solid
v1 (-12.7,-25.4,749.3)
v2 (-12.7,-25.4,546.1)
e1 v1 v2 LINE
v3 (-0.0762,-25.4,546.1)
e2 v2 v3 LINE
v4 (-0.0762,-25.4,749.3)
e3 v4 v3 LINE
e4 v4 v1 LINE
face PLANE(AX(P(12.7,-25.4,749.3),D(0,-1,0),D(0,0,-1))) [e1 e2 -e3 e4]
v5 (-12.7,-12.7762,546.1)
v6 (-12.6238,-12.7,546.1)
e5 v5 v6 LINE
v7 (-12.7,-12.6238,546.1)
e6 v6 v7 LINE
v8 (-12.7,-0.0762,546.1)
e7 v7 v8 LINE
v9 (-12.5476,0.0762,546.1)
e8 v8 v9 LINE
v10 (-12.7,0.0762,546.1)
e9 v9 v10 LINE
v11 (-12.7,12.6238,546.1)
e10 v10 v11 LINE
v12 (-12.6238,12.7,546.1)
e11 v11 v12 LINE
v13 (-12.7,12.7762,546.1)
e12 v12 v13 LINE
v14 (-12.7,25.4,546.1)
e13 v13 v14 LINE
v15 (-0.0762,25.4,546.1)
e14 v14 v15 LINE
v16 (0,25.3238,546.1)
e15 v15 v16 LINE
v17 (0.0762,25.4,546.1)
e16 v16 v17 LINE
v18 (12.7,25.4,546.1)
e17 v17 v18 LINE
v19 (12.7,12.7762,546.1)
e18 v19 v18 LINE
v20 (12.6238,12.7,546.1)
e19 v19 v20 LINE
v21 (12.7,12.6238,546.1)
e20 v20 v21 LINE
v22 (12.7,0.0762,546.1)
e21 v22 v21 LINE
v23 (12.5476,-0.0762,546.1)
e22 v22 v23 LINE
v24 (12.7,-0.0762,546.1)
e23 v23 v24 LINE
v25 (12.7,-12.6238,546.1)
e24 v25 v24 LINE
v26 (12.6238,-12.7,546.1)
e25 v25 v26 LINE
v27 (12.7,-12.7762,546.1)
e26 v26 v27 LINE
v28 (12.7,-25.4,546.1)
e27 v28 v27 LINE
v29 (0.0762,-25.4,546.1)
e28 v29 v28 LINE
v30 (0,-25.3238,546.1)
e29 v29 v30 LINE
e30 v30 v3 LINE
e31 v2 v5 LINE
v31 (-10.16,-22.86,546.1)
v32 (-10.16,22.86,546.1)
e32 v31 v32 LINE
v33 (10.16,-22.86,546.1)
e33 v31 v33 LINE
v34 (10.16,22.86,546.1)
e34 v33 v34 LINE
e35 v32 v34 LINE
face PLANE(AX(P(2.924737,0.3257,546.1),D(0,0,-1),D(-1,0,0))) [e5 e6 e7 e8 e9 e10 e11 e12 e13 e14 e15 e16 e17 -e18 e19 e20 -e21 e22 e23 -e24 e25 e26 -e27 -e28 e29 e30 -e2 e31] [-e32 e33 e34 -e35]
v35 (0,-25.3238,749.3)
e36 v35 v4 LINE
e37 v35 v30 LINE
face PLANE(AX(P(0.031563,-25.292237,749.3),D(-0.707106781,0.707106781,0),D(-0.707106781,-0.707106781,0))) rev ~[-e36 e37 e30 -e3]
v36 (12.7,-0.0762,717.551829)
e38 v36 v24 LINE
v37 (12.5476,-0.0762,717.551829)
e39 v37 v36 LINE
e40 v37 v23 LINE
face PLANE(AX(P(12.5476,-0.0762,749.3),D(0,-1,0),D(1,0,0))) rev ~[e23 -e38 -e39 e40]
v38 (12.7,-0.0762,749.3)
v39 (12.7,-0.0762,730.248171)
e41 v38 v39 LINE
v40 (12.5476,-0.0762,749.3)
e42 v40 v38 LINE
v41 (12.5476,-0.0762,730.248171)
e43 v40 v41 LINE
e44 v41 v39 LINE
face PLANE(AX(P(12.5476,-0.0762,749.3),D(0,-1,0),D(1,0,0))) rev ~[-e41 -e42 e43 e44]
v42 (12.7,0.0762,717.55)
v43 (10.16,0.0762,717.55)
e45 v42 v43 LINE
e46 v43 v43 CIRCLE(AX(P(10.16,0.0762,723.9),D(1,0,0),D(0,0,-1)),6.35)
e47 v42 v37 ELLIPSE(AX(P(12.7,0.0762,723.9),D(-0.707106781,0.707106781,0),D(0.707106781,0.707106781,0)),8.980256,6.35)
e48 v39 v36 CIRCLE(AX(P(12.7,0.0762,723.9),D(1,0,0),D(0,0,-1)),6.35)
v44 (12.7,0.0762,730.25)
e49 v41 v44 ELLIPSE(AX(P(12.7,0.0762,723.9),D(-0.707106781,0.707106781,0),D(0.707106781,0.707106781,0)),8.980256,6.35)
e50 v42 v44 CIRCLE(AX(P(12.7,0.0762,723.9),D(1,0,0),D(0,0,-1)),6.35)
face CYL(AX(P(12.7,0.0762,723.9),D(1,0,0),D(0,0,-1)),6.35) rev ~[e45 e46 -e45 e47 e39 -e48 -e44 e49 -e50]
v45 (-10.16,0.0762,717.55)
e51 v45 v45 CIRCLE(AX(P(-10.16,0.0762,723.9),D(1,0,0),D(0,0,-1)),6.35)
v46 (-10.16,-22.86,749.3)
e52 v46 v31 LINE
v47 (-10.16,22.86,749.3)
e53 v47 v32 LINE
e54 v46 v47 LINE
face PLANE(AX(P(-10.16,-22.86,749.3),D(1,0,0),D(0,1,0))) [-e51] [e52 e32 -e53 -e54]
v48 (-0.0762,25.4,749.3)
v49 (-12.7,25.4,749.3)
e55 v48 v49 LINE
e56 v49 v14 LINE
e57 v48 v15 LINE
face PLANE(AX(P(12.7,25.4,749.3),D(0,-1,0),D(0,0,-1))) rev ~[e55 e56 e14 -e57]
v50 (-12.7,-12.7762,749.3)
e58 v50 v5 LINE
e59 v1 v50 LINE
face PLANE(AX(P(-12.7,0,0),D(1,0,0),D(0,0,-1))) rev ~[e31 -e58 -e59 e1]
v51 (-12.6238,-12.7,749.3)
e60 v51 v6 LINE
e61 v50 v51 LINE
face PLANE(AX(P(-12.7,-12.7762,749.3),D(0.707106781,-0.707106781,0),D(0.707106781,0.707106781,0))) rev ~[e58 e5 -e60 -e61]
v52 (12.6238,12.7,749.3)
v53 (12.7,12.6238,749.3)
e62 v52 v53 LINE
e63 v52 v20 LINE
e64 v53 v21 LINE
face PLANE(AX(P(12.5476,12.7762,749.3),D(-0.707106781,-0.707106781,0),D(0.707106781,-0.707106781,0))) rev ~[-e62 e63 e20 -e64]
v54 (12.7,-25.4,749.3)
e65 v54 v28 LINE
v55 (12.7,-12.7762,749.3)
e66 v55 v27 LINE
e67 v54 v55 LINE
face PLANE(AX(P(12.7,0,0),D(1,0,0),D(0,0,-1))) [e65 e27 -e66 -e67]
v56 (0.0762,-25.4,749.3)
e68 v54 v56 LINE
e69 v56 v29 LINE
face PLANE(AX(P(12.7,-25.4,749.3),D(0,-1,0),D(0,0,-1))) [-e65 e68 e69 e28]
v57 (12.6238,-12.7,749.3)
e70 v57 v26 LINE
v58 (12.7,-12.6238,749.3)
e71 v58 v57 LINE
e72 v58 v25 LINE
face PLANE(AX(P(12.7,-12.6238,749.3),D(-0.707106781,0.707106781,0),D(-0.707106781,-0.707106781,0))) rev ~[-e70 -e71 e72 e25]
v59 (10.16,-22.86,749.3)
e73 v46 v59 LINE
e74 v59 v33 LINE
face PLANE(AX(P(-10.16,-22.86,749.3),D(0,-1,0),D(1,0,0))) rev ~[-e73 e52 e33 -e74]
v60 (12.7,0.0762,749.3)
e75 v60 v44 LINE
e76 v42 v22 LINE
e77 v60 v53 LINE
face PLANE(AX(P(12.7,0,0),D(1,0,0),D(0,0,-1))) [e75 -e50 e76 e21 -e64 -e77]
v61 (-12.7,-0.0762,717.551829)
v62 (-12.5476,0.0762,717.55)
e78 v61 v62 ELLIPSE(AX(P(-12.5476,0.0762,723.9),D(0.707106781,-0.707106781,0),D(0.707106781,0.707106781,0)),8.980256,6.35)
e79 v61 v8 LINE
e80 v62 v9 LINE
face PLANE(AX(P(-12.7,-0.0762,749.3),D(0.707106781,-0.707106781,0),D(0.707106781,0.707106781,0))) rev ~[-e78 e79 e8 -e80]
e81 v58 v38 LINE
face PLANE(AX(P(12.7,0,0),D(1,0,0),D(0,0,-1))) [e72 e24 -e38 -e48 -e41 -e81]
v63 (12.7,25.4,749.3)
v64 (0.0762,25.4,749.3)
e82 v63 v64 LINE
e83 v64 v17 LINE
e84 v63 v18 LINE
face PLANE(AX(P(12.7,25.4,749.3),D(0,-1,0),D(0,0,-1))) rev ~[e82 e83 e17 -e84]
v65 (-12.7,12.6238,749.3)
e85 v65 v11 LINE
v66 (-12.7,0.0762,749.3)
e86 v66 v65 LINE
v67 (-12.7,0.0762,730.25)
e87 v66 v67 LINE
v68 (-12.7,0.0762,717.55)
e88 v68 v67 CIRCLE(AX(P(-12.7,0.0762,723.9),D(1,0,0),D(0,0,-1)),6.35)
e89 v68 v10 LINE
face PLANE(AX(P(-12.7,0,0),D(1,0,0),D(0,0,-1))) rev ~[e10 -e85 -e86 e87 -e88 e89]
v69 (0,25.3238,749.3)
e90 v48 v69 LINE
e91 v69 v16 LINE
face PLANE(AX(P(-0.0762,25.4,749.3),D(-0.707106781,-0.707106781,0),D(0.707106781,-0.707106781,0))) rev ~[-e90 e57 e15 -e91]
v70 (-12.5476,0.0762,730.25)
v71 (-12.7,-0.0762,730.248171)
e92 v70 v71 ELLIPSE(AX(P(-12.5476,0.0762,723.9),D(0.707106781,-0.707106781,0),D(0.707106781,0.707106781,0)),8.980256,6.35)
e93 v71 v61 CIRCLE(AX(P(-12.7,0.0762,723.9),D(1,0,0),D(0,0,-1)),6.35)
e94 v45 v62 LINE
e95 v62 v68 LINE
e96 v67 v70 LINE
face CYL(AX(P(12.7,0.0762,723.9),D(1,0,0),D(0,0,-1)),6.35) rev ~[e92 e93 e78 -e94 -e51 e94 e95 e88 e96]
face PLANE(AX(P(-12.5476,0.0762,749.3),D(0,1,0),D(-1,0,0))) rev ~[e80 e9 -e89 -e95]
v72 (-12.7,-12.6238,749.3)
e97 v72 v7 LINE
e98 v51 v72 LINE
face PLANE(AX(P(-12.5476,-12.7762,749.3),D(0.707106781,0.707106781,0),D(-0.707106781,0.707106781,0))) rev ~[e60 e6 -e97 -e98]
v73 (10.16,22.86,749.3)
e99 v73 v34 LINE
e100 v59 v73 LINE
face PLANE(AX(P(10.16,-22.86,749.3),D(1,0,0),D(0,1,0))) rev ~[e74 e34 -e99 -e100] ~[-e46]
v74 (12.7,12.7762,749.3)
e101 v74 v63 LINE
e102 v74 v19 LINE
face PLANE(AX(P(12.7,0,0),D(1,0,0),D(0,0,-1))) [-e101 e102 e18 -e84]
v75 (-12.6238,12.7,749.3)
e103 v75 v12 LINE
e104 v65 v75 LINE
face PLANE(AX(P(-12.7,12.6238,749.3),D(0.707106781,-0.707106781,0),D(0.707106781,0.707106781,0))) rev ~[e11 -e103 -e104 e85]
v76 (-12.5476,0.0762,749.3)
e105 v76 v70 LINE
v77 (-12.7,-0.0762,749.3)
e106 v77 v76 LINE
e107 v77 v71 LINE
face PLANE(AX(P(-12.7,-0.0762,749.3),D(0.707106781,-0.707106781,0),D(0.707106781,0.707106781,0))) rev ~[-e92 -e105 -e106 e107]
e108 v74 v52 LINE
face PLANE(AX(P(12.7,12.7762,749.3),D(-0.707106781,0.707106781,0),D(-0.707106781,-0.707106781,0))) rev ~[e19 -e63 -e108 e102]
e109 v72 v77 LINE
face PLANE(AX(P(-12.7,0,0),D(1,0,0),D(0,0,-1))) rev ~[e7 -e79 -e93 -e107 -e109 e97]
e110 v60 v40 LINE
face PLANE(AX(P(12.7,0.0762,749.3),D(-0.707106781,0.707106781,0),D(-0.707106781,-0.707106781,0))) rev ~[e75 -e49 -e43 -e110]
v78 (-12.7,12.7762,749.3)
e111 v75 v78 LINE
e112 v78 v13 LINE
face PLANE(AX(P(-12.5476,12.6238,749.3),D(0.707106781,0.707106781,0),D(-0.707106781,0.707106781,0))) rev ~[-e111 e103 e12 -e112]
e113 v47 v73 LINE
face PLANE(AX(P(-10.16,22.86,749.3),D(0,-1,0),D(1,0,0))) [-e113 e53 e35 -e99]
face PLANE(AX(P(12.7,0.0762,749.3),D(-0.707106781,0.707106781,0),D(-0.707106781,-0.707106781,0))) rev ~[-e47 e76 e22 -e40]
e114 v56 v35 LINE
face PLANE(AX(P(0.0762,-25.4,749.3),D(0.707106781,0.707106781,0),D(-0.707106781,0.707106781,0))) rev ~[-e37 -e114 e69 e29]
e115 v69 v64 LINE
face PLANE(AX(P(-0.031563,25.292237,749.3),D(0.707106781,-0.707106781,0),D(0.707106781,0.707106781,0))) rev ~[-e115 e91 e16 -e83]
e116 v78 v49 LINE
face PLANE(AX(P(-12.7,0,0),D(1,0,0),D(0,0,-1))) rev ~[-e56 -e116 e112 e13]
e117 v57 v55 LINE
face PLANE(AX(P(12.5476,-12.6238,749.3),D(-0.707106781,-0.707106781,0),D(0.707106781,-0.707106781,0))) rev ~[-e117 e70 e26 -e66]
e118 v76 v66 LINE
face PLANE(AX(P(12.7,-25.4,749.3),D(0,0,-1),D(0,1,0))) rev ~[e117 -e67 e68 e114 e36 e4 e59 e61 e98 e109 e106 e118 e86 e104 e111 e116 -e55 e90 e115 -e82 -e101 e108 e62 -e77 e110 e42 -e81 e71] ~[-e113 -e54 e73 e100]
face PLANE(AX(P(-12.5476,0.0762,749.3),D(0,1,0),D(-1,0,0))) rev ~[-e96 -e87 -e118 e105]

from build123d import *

# Parameters (mm, degrees)
SKETCH1_W           = 1498.6
SKETCH1_H           = 50.8
BOSS_EXTRUDE1_DEPTH = 25.4
CUT_EXTRUDE1_DEPTH  = 1498.6
CUT_EXTRUDE2_DEPTH  = 1499.869043646
CUT_EXTRUDE3_DEPTH  = 1498.6
CUT_EXTRUDE4_DEPTH  = 1498.6
CUT_EXTRUDE5_DEPTH  = 1499.869043646
CUT_EXTRUDE6_DEPTH  = 1499.869043646
CUT_EXTRUDE7_DEPTH  = 1498.6
CUT_EXTRUDE8_DEPTH  = 1498.6
SKETCH10_W          = 20.32
SKETCH10_H          = 45.72
CUT_EXTRUDE9_DEPTH  = 1499.869043646
DRAFT1_ANGLE        = 45
DRAFT2_ANGLE        = 45.000000005
DRAFT3_ANGLE        = 45
DRAFT4_ANGLE        = 45
DRAFT5_ANGLE        = 45
DRAFT6_ANGLE        = 44.999999995
SKETCH11_W          = 61.962293059
SKETCH11_H          = 88.678950317
CUT_EXTRUDE10_DEPTH = 1295.4
SKETCH13_R          = 6.35
CUT_EXTRUDE11_DEPTH = 25.4


with BuildPart() as part:
    # Sketch1 → Boss-Extrude1 (new body)
    with BuildSketch(Plane(origin=(12.7, 0, 0), x_dir=(0, 0, -1), z_dir=(1, 0, 0))):
        Rectangle(SKETCH1_W, SKETCH1_H)
    extrude(amount=-BOSS_EXTRUDE1_DEPTH)

    # Sketch2 → Cut-Extrude1 (cut)
    with BuildSketch(Plane.XY.offset(749.3)):
        Polygon((0.0762, 25.4), (-0.0762, 25.4), (0.0762, 25.2476), align=None)
    extrude(amount=-CUT_EXTRUDE1_DEPTH, mode=Mode.SUBTRACT)

    # Sketch3 → Cut-Extrude2 (cut, through all)
    with BuildSketch(Plane.XY.offset(749.3)):
        Polygon((12.7, 12.6238), (12.7, 12.7762), (12.5476, 12.7762), align=None)
    extrude(amount=-CUT_EXTRUDE2_DEPTH, mode=Mode.SUBTRACT)

    # Sketch4 → Cut-Extrude3 (cut)
    with BuildSketch(Plane.XY.offset(749.3)):
        Polygon((12.7, -0.0762), (12.7, 0.0762), (12.5476, -0.0762), align=None)
    extrude(amount=-CUT_EXTRUDE3_DEPTH, mode=Mode.SUBTRACT)

    # Sketch5 → Cut-Extrude4 (cut)
    with BuildSketch(Plane.XY.offset(749.3)):
        Polygon((12.7, -12.7762), (12.7, -12.6238), (12.5476, -12.6238), align=None)
    extrude(amount=-CUT_EXTRUDE4_DEPTH, mode=Mode.SUBTRACT)

    # Sketch6 → Cut-Extrude5 (cut, through all)
    with BuildSketch(Plane.XY.offset(749.3)):
        Polygon((0.0762, -25.4), (-0.0762, -25.2476), (-0.0762, -25.4), align=None)
    extrude(amount=-CUT_EXTRUDE5_DEPTH, mode=Mode.SUBTRACT)

    # Sketch7 → Cut-Extrude6 (cut, through all)
    with BuildSketch(Plane.XY.offset(749.3)):
        Polygon((-12.7, -12.6238), (-12.7, -12.7762), (-12.5476, -12.7762), align=None)
    extrude(amount=-CUT_EXTRUDE6_DEPTH, mode=Mode.SUBTRACT)

    # Sketch8 → Cut-Extrude7 (cut)
    with BuildSketch(Plane.XY.offset(749.3)):
        Polygon((-12.7, 0.0762), (-12.7, -0.0762), (-12.5476, 0.0762), align=None)
    extrude(amount=-CUT_EXTRUDE7_DEPTH, mode=Mode.SUBTRACT)

    # Sketch9 → Cut-Extrude8 (cut)
    with BuildSketch(Plane.XY.offset(749.3)):
        Polygon((-12.7, 12.7762), (-12.7, 12.6238), (-12.5476, 12.6238), align=None)
    extrude(amount=-CUT_EXTRUDE8_DEPTH, mode=Mode.SUBTRACT)

    # Sketch10 → Cut-Extrude9 (cut, through all)
    with BuildSketch(Plane.XY.offset(749.3)):
        Rectangle(SKETCH10_W, SKETCH10_H)
    extrude(amount=-CUT_EXTRUDE9_DEPTH, mode=Mode.SUBTRACT)

    # Draft1
    draft1_faces = [part.faces().sort_by_distance(p)[0] for p in [
        (0.0762, 25.3238, 0),
    ]]
    draft(draft1_faces, Plane(origin=(-12.7, 25.4, -749.3), x_dir=(0, 0, 1), z_dir=(0, 1, 0)), DRAFT1_ANGLE)

    # Draft2
    draft2_faces = [part.faces().sort_by_distance(p)[0] for p in [
        (12.6238, 12.7762, 0),
    ]]
    draft(draft2_faces, Plane(origin=(12.7, 0, 0), x_dir=(0, 0, 1), z_dir=(1, 0, 0)), DRAFT2_ANGLE)

    # Draft3
    draft3_faces = [part.faces().sort_by_distance(p)[0] for p in [
        (-0.0762, -25.3238, 0),
    ]]
    draft(draft3_faces, Plane(origin=(-12.7, -25.4, 749.3), x_dir=(0, 0, -1), z_dir=(0, -1, 0)), DRAFT3_ANGLE)

    # Draft4
    draft4_faces = [part.faces().sort_by_distance(p)[0] for p in [
        (-12.6238, -12.7762, 0),
    ]]
    draft(draft4_faces, Plane(origin=(-12.7, 0, 0), x_dir=(0, 0, -1), z_dir=(-1, 0, 0)), DRAFT4_ANGLE)

    # Draft5
    draft5_faces = [part.faces().sort_by_distance(p)[0] for p in [
        (12.6238, -12.6238, 0),
        (12.6238, 0, 0),
    ]]
    draft(draft5_faces, Plane(origin=(12.7, 0, 0), x_dir=(0, 0, 1), z_dir=(1, 0, 0)), DRAFT5_ANGLE)

    # Draft6
    draft6_faces = [part.faces().sort_by_distance(p)[0] for p in [
        (-12.6238, 0, 0),
        (-12.6238, 12.6238, 0),
    ]]
    draft(draft6_faces, Plane(origin=(-12.7, 0, 0), x_dir=(0, 0, -1), z_dir=(-1, 0, 0)), DRAFT6_ANGLE)

    # Sketch11 → Cut-Extrude10 (cut)
    with BuildSketch(Plane(origin=(0, 0, -749.3), x_dir=(-1, 0, 0), z_dir=(0, 0, -1))):
        with Locations((-2.92473676, 0.325700182)):
            Rectangle(SKETCH11_W, SKETCH11_H)
    extrude(amount=-CUT_EXTRUDE10_DEPTH, mode=Mode.SUBTRACT)

    # Sketch13 → Cut-Extrude11 (cut)
    with BuildSketch(Plane(origin=(12.7, 0, 0), x_dir=(0, 0, -1), z_dir=(1, 0, 0))):
        with Locations((-723.9, 0.0762)):
            Circle(SKETCH13_R)
    extrude(amount=-CUT_EXTRUDE11_DEPTH, mode=Mode.SUBTRACT)


solid = part.part
